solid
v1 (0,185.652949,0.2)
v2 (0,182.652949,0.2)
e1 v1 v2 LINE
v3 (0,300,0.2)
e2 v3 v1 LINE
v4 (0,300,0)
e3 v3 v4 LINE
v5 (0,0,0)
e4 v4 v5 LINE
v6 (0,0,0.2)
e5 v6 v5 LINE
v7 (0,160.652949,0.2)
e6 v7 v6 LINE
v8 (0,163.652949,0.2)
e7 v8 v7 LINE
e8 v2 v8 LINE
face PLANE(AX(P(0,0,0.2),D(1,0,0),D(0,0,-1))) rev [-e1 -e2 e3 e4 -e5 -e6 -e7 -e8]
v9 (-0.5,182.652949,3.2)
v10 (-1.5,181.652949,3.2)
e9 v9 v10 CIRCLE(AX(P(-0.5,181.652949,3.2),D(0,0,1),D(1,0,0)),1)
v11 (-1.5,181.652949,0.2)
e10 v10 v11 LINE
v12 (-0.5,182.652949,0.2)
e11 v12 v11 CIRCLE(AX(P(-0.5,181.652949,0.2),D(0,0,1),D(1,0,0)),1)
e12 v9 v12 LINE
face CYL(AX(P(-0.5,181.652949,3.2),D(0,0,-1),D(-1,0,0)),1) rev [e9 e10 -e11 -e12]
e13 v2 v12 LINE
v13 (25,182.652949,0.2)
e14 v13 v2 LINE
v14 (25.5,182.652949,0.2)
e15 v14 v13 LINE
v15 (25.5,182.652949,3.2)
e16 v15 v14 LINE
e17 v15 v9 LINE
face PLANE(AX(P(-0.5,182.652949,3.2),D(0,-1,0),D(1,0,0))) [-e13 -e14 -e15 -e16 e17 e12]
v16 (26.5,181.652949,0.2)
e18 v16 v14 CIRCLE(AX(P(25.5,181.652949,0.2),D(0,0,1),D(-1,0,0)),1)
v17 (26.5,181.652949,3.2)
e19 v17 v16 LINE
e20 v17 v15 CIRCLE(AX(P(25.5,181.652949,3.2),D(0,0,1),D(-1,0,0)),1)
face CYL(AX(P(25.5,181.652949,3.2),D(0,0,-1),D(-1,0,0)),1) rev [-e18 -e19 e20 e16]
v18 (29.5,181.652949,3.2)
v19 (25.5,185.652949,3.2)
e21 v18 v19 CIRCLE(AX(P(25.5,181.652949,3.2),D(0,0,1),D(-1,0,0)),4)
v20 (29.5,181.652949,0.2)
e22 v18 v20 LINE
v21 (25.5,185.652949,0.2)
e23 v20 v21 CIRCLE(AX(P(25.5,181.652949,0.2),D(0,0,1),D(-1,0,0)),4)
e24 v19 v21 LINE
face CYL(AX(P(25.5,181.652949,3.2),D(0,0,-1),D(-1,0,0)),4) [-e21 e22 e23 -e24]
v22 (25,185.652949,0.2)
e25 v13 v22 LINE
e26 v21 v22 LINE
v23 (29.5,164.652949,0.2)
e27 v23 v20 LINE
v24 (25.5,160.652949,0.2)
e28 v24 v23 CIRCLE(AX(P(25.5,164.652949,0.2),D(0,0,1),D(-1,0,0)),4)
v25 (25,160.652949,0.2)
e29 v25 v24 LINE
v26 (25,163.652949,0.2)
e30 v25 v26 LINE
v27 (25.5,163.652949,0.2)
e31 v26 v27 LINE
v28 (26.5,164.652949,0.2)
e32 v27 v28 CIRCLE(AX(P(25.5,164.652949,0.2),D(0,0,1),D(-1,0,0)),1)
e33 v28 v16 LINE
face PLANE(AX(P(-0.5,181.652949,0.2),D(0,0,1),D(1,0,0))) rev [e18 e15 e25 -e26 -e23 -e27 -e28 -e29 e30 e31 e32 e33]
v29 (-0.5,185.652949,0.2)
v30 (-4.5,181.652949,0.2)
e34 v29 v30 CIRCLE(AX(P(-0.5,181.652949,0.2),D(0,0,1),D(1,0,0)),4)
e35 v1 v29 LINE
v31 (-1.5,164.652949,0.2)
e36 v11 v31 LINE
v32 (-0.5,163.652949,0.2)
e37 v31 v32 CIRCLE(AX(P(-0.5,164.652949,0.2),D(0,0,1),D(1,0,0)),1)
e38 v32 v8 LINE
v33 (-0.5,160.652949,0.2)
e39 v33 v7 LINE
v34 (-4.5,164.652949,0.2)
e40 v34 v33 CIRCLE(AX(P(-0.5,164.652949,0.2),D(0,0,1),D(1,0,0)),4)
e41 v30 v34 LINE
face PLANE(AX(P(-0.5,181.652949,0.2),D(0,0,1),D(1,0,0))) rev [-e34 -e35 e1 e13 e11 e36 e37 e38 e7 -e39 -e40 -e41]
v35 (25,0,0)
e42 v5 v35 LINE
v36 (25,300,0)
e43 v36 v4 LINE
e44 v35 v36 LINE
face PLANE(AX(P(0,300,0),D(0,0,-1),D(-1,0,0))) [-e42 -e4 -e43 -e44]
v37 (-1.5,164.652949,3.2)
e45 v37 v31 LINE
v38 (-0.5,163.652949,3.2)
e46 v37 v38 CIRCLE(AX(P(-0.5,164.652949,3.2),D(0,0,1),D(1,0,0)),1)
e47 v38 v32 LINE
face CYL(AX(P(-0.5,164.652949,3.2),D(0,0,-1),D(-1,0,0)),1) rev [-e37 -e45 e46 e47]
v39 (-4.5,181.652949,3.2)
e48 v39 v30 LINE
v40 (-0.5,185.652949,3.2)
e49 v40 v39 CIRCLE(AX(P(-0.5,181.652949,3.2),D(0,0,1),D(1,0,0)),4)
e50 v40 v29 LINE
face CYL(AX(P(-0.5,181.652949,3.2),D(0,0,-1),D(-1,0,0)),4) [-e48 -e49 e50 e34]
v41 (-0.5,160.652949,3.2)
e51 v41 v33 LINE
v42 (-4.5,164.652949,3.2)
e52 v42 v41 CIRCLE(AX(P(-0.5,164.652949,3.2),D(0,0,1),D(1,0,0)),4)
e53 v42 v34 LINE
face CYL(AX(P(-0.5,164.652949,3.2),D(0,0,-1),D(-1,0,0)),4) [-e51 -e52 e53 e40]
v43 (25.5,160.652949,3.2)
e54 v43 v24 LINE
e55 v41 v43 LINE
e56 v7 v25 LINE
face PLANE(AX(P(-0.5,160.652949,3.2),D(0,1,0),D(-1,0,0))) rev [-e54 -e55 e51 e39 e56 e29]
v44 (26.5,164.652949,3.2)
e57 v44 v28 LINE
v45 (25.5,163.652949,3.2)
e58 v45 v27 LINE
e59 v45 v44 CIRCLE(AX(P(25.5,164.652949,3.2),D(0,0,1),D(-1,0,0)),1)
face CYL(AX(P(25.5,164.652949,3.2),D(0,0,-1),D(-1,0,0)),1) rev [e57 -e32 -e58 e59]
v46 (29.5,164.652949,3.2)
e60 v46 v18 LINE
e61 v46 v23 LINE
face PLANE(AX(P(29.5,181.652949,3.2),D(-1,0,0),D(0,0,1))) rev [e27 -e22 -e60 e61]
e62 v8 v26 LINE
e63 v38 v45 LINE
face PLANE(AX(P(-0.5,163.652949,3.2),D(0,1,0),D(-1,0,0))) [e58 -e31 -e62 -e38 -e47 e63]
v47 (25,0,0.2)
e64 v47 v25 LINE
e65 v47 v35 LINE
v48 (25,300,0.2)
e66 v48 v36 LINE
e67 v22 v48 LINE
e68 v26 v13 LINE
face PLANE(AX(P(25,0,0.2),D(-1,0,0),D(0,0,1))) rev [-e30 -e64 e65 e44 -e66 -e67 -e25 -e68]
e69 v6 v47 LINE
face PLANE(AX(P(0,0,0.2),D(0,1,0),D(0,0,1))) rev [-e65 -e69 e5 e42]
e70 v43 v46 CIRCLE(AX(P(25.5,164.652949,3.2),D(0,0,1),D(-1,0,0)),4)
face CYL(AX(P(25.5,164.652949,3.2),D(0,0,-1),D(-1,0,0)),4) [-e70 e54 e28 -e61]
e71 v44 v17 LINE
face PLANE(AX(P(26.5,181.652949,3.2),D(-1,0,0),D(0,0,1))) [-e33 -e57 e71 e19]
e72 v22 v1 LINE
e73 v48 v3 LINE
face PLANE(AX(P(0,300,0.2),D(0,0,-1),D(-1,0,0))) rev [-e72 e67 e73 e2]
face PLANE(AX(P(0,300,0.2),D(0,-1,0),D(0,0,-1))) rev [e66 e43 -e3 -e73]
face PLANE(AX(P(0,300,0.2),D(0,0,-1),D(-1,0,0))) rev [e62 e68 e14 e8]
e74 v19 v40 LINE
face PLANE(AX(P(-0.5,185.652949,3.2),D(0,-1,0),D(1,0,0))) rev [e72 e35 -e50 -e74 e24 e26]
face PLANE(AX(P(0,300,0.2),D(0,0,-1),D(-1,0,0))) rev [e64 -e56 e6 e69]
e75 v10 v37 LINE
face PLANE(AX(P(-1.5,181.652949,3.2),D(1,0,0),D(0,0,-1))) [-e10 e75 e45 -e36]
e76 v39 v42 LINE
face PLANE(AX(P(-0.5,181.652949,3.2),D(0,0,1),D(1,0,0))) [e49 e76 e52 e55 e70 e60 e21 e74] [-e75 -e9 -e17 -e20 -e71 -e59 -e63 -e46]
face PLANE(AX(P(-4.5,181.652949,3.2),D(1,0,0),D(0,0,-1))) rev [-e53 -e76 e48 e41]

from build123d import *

# Parameters (mm, degrees)
ESQUISSE1_W      = 25
ESQUISSE1_H      = 300
EXTRUSION1_DEPTH = 0.2
EXTRUSION2_DEPTH = 3


with BuildPart() as part:
    # Esquisse1 → Extrusion1 (new body)
    with BuildSketch(Plane.XY):
        with Locations((12.5, 150)):
            Rectangle(ESQUISSE1_W, ESQUISSE1_H)
    extrude(amount=EXTRUSION1_DEPTH)

    # Esquisse2 → Extrusion2 (add)
    with BuildSketch(Plane.XY.offset(0.2)):
        with BuildLine():
            Line((-0.5, 185.652949425), (25.5, 185.652949425))
            ThreePointArc((25.5, 185.652949425), (28.328427125, 184.48137655), (29.5, 181.652949425))
            Line((29.5, 181.652949425), (29.5, 164.652949425))
            ThreePointArc((29.5, 164.652949425), (28.328427125, 161.8245223), (25.5, 160.652949425))
            Line((25.5, 160.652949425), (-0.5, 160.652949425))
            ThreePointArc((-0.5, 160.652949425), (-3.328427125, 161.8245223), (-4.5, 164.652949425))
            Line((-4.5, 164.652949425), (-4.5, 181.652949425))
            ThreePointArc((-4.5, 181.652949425), (-3.328427125, 184.48137655), (-0.5, 185.652949425))
        make_face()
        with BuildLine():
            Line((-0.5, 182.652949425), (25.5, 182.652949425))
            ThreePointArc((25.5, 182.652949425), (26.207106781, 182.360056206), (26.5, 181.652949425))
            Line((26.5, 181.652949425), (26.5, 164.652949425))
            ThreePointArc((26.5, 164.652949425), (26.207106781, 163.945842644), (25.5, 163.652949425))
            Line((25.5, 163.652949425), (-0.5, 163.652949425))
            ThreePointArc((-0.5, 163.652949425), (-1.207106781, 163.945842644), (-1.5, 164.652949425))
            Line((-1.5, 164.652949425), (-1.5, 181.652949425))
            ThreePointArc((-1.5, 181.652949425), (-1.207106781, 182.360056206), (-0.5, 182.652949425))
        make_face(mode=Mode.SUBTRACT)
    extrude(amount=EXTRUSION2_DEPTH)


solid = part.part
